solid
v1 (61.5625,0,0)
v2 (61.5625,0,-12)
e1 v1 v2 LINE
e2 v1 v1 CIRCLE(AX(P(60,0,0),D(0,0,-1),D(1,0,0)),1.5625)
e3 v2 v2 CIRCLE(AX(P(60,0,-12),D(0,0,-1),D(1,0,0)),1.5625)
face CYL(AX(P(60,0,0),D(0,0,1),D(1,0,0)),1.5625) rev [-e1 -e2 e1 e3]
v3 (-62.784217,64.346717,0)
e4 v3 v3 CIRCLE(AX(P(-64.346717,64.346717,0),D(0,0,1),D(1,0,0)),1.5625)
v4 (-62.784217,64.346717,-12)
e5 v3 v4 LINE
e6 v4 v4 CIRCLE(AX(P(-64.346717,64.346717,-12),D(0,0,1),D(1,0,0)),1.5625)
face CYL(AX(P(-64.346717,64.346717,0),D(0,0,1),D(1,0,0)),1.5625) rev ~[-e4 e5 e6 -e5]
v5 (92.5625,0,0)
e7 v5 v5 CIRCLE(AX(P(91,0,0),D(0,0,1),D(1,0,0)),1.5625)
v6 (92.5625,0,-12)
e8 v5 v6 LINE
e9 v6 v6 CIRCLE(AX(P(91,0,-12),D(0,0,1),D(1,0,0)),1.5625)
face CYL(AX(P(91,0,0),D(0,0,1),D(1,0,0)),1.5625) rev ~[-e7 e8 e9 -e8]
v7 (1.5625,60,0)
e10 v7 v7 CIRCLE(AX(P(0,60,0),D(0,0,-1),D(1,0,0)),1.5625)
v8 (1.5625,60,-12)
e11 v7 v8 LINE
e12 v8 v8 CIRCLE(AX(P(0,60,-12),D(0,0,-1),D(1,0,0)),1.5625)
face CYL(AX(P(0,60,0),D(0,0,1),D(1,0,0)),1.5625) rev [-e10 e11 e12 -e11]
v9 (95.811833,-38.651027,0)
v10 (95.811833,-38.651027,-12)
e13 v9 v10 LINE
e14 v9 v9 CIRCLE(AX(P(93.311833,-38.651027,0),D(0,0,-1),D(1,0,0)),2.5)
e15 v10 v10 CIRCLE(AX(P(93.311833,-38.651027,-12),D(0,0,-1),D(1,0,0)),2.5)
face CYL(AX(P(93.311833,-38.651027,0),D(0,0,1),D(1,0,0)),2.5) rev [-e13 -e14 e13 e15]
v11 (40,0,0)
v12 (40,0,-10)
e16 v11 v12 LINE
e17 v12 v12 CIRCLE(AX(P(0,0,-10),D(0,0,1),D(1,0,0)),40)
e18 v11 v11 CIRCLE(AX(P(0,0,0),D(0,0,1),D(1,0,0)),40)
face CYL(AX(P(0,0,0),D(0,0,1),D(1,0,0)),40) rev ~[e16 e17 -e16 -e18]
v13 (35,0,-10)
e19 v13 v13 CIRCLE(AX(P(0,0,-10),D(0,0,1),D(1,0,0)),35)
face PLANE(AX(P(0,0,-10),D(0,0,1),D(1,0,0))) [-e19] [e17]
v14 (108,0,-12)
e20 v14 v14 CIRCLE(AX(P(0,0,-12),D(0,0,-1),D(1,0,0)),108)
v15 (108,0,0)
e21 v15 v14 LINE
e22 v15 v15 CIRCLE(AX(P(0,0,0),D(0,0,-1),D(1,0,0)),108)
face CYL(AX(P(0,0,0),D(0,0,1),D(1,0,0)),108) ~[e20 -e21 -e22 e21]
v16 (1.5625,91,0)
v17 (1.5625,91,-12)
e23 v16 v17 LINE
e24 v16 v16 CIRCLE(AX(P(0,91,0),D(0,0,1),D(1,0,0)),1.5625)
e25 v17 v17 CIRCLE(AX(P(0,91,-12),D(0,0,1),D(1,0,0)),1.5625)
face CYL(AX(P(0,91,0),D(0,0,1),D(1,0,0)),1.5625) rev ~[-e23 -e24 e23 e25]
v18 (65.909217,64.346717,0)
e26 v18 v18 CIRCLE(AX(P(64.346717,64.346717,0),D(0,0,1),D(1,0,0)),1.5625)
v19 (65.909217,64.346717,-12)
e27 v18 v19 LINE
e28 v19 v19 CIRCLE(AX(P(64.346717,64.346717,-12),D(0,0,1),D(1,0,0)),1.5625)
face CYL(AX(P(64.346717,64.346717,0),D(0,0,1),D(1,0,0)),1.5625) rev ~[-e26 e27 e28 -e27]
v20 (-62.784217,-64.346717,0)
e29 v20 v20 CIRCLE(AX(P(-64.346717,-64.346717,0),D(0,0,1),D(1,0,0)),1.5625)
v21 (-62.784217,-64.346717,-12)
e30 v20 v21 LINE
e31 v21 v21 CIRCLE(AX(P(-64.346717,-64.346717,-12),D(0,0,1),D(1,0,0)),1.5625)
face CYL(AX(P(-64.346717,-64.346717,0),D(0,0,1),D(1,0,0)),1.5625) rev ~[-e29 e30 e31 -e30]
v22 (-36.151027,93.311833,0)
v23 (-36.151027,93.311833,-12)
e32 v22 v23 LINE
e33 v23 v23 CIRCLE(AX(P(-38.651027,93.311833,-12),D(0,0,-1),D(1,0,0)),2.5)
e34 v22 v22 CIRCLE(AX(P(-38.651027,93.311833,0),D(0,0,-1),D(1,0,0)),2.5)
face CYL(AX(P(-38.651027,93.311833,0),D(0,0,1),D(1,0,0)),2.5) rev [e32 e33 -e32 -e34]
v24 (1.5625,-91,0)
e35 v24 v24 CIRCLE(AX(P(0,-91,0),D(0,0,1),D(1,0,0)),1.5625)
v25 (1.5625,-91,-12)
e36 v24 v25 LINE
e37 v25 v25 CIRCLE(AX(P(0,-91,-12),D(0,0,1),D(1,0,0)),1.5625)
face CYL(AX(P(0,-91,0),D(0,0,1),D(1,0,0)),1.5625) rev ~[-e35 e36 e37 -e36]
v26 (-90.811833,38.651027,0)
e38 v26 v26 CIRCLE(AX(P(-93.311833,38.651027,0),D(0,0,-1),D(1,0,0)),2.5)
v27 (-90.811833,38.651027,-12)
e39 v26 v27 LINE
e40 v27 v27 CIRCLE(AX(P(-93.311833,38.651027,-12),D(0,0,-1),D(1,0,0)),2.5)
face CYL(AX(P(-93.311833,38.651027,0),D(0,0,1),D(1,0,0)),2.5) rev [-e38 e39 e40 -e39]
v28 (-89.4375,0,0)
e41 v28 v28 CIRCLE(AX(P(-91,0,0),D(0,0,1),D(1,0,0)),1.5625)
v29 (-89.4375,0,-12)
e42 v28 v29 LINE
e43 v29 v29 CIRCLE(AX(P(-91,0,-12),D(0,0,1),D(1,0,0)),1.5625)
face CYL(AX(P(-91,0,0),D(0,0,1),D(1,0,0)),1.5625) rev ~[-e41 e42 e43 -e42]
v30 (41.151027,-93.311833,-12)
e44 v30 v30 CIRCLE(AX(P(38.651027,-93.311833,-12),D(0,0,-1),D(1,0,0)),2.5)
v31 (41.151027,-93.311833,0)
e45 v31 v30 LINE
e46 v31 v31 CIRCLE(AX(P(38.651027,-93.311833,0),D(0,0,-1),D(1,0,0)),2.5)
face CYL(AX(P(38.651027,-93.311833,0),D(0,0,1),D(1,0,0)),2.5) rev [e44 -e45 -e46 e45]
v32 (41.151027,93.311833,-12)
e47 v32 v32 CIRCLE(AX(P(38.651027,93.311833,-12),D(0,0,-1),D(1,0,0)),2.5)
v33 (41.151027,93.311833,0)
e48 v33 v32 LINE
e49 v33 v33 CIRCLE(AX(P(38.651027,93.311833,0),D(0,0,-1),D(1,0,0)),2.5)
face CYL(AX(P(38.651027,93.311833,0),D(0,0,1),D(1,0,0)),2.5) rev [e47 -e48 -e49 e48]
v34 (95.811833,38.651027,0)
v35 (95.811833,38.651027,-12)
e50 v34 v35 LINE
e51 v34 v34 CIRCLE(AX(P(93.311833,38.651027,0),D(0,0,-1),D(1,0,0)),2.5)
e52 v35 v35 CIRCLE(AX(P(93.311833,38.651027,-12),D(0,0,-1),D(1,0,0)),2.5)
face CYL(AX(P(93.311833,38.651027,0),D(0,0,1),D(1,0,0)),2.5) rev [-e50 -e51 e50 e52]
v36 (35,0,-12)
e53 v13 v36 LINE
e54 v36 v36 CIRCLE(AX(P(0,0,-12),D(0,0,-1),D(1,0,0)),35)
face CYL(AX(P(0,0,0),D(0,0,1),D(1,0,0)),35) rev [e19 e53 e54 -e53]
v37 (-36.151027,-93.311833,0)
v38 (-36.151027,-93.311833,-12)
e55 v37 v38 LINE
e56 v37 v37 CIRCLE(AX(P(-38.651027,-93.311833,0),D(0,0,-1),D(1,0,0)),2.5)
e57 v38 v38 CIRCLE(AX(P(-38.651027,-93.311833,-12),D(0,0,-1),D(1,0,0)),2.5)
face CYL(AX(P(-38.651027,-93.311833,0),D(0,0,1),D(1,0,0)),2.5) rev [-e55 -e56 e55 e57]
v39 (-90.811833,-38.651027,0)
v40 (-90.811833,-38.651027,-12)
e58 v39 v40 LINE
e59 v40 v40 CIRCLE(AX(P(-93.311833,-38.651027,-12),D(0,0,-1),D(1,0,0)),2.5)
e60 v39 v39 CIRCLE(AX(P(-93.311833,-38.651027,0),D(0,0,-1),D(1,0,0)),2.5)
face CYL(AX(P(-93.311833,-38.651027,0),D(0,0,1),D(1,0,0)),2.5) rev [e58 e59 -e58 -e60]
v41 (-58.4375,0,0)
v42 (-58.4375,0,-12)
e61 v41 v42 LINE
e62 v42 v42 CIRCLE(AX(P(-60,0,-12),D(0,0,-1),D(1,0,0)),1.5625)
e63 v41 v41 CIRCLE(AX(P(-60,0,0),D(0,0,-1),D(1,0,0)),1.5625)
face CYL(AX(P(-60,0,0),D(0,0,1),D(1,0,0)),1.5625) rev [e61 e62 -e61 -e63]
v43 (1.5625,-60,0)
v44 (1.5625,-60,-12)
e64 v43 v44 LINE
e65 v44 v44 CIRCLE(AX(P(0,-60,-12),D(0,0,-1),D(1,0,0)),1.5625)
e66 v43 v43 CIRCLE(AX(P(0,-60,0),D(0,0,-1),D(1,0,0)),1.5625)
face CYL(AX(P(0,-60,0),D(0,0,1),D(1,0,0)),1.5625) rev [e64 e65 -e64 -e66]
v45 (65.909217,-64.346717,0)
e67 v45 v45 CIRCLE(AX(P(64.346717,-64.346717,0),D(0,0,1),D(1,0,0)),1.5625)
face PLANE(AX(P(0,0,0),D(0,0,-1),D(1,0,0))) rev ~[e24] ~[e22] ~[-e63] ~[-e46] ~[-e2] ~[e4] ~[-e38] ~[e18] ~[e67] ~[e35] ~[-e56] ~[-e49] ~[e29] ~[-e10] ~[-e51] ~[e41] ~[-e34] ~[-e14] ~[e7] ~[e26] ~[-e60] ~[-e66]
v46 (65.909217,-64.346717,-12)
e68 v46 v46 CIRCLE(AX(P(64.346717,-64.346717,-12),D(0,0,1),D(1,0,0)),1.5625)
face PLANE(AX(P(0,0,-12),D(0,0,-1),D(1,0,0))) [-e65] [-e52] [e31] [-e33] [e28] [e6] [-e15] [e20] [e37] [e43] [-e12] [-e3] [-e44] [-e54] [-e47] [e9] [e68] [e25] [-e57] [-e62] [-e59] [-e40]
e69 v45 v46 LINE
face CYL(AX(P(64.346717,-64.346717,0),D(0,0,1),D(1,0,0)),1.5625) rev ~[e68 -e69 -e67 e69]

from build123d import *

# Parameters (mm, degrees)
SKETCH001_R     = 108
SKETCH001_R_2   = 35
SKETCH001_R_3   = 2.5
SKETCH001_R_4   = 1.5625
PAD_DEPTH       = 12
SKETCH_R        = 1.5625
POCKET_DEPTH    = 12.001
SKETCH002_R     = 40
POCKET001_DEPTH = 10


with BuildPart() as part:
    # Sketch001 → Pad (new body)
    with BuildSketch(Plane(origin=(0, 0, 0), x_dir=(1, 0, 0), z_dir=(0, 0, -1))):
        Circle(SKETCH001_R)
        Circle(SKETCH001_R_2, mode=Mode.SUBTRACT)
        with Locations((38.651027, 93.311833)):
            Circle(SKETCH001_R_3, mode=Mode.SUBTRACT)
        with Locations((93.311833, 38.651027)):
            Circle(SKETCH001_R_3, mode=Mode.SUBTRACT)
        with Locations((93.311833, -38.651027)):
            Circle(SKETCH001_R_3, mode=Mode.SUBTRACT)
        with Locations((38.651027, -93.311833)):
            Circle(SKETCH001_R_3, mode=Mode.SUBTRACT)
        with Locations((-38.651027, 93.311833)):
            Circle(SKETCH001_R_3, mode=Mode.SUBTRACT)
        with Locations((-93.311833, 38.651027)):
            Circle(SKETCH001_R_3, mode=Mode.SUBTRACT)
        with Locations((-93.311833, -38.651027)):
            Circle(SKETCH001_R_3, mode=Mode.SUBTRACT)
        with Locations((-38.651027, -93.311833)):
            Circle(SKETCH001_R_3, mode=Mode.SUBTRACT)
        with Locations((0, 60)):
            Circle(SKETCH001_R_4, mode=Mode.SUBTRACT)
        with Locations((-60, 0)):
            Circle(SKETCH001_R_4, mode=Mode.SUBTRACT)
        with Locations((0, -60)):
            Circle(SKETCH001_R_4, mode=Mode.SUBTRACT)
        with Locations((60, 0)):
            Circle(SKETCH001_R_4, mode=Mode.SUBTRACT)
    extrude(amount=PAD_DEPTH)

    # Sketch → Pocket (cut, through all)
    with BuildSketch(Plane.XY):
        with Locations((64.346717, 64.346717)):
            Circle(SKETCH_R)
        with Locations((0, 91)):
            Circle(SKETCH_R)
        with Locations((91, 0)):
            Circle(SKETCH_R)
        with Locations((64.346717, -64.346717)):
            Circle(SKETCH_R)
        with Locations((0, -91)):
            Circle(SKETCH_R)
        with Locations((-91, 0)):
            Circle(SKETCH_R)
        with Locations((-64.346717, -64.346717)):
            Circle(SKETCH_R)
        with Locations((-64.346717, 64.346717)):
            Circle(SKETCH_R)
    extrude(amount=-POCKET_DEPTH, mode=Mode.SUBTRACT)

    # Sketch002 (on Face2 of Pocket) → Pocket001 (cut)
    with BuildSketch(Plane.XY):
        Circle(SKETCH002_R)
    extrude(amount=-POCKET001_DEPTH, mode=Mode.SUBTRACT)


solid = part.part
